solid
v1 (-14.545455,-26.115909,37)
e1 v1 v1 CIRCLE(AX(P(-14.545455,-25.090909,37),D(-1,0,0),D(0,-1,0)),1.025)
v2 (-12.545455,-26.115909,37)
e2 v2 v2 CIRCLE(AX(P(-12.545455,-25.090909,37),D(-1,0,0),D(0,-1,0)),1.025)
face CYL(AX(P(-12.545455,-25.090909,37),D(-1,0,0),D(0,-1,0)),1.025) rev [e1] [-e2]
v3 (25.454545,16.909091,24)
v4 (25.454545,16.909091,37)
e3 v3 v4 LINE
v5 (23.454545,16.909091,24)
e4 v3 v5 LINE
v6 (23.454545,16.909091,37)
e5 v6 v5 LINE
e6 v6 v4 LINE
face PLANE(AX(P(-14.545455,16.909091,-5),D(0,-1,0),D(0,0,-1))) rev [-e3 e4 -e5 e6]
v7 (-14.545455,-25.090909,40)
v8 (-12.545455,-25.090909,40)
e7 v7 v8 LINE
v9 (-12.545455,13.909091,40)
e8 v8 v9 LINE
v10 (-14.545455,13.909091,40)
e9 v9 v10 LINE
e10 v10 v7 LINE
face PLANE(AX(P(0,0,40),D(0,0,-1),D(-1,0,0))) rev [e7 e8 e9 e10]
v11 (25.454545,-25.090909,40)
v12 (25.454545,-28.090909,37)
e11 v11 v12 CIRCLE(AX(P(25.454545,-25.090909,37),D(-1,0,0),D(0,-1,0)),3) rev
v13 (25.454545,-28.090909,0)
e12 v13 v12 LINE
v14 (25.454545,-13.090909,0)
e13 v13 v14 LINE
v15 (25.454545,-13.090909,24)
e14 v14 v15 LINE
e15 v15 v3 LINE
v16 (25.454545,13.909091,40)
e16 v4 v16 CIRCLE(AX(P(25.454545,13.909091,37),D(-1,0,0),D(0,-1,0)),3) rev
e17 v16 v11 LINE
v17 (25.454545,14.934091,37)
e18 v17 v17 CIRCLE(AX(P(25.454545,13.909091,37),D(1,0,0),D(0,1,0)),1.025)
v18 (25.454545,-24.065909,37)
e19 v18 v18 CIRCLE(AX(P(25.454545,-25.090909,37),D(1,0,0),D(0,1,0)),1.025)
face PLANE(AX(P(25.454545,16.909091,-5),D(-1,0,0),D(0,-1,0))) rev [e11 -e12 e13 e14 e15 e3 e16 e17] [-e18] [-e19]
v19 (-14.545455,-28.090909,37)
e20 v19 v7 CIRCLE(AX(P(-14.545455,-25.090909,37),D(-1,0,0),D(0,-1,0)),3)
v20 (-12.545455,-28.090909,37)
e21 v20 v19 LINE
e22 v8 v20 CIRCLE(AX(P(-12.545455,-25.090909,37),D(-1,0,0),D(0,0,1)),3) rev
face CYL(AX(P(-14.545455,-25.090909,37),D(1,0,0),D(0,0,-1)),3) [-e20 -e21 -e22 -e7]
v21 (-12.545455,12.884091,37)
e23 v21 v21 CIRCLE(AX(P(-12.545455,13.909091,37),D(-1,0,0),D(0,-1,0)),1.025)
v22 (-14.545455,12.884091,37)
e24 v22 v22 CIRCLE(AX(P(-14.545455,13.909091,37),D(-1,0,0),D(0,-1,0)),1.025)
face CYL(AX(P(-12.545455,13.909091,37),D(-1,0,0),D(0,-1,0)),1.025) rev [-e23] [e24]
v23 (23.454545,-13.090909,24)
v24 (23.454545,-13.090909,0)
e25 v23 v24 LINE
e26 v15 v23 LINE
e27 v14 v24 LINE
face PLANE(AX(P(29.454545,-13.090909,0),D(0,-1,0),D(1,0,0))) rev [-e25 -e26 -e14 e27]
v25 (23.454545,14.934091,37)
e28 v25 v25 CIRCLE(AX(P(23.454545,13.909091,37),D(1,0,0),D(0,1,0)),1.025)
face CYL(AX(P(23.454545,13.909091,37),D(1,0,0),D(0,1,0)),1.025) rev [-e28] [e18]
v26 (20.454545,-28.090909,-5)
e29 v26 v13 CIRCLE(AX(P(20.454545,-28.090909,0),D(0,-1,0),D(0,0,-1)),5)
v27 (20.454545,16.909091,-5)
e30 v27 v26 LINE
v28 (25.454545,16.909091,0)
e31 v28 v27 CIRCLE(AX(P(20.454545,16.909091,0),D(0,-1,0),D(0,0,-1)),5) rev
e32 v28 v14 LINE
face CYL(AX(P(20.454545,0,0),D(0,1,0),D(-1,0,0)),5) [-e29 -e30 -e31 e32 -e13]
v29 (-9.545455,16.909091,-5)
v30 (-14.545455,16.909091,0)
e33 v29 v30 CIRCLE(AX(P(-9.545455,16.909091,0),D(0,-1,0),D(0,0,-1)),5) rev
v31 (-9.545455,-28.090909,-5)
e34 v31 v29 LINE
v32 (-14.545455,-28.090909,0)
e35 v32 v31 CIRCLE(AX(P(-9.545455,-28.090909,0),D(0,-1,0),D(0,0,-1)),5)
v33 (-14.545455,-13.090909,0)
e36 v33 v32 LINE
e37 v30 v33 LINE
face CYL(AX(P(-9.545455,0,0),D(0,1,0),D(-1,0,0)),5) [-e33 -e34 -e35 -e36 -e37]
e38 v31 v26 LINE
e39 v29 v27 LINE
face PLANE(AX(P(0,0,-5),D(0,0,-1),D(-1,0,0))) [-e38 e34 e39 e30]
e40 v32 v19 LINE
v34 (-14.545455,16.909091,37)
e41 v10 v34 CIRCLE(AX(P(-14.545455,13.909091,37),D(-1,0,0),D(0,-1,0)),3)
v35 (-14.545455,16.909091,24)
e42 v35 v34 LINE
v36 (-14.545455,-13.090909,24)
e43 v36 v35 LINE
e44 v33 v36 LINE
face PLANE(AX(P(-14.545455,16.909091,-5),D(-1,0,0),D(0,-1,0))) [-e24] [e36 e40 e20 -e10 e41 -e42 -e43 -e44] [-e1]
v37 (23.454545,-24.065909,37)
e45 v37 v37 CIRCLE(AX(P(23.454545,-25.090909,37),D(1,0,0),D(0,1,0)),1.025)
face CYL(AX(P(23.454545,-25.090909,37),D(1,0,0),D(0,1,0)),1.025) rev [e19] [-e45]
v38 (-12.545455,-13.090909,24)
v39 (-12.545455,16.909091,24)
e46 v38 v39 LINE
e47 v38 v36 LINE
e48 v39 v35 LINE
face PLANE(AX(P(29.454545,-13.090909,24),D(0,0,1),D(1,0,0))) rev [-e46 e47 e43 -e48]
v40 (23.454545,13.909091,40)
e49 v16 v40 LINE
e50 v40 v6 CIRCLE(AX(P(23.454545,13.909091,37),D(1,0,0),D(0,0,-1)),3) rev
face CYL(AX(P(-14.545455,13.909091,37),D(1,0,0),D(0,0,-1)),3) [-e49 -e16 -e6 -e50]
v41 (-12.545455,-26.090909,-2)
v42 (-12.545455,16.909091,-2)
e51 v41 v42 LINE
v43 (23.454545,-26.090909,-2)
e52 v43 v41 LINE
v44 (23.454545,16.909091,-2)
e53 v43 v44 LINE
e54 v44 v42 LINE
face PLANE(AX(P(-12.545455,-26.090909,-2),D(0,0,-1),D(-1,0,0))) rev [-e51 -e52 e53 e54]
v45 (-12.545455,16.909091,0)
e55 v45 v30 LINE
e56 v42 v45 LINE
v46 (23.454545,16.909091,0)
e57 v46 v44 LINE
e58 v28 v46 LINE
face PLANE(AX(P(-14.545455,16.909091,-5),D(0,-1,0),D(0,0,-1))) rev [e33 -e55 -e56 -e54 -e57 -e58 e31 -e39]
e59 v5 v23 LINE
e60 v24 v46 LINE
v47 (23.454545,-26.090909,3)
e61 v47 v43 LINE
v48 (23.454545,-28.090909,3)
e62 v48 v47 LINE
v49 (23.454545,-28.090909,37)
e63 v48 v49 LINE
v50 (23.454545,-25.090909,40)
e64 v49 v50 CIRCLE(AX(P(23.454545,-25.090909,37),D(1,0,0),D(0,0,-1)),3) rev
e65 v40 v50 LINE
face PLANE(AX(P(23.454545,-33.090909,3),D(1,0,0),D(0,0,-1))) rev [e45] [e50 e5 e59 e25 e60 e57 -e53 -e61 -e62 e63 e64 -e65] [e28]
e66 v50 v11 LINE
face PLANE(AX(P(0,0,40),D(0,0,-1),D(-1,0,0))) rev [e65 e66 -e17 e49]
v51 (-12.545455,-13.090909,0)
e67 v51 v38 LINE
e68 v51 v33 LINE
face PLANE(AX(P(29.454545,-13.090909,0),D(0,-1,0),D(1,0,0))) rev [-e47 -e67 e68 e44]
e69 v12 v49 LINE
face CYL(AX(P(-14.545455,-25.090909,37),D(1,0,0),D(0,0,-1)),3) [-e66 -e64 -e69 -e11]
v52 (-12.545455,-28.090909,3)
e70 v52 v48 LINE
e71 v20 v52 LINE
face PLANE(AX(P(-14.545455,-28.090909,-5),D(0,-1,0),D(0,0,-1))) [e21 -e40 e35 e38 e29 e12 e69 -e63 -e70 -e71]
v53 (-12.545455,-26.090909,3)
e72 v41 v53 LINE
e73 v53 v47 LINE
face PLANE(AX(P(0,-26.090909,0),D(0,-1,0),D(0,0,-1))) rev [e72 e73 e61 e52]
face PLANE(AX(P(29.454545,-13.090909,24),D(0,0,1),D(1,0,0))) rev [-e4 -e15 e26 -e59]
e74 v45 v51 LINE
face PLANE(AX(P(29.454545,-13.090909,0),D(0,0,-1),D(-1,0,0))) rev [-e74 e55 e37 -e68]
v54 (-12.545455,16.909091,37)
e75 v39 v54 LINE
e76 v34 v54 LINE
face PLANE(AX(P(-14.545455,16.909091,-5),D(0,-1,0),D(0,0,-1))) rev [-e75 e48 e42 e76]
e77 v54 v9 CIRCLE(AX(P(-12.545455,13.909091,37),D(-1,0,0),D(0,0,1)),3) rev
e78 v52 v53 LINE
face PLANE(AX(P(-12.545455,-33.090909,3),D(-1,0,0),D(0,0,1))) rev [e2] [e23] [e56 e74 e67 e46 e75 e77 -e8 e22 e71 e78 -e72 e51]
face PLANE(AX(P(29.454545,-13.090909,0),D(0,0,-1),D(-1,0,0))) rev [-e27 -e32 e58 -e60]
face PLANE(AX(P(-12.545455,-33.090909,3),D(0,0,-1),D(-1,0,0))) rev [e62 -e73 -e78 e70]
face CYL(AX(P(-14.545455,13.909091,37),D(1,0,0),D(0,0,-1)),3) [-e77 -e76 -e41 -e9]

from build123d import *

# Parameters (mm, degrees)
SKETCH_1_W           = 40
SKETCH_1_H           = 45
EXTRUDE_1_DEPTH      = 40
EXTRUDE_1_DEPTH_BACK = 5
SKETCH_2_W           = 36
SKETCH_2_H           = 37
CUT_EXTRUDE_1_DEPTH  = 50
SKETCH_3_R           = 1.025
CUT_EXTRUDE_2_DEPTH  = 2
SKETCH_4_R           = 1.025
CUT_EXTRUDE_3_DEPTH  = 2
SKETCH_5_W           = 36
SKETCH_5_H           = 5
CUT_EXTRUDE_4_DEPTH  = 43
FILLET_6_R           = 5
FILLET_7_R           = 5
FILLET_12_R          = 3
FILLET_13_R          = 3
FILLET_14_R          = 3
FILLET_15_R          = 3
SKETCH_6_W           = 24
SKETCH_6_H           = 30
CUT_EXTRUDE_5_DEPTH  = 44


with BuildPart() as part:
    # 草圖1 → 填料-伸長1 (new body, two sides)
    with BuildSketch(Plane.XY) as extrude_1_sk:
        with Locations((5.454545455, -5.590909091)):
            Rectangle(SKETCH_1_W, SKETCH_1_H)
    extrude(amount=EXTRUDE_1_DEPTH)
    extrude(extrude_1_sk.sketch, amount=-EXTRUDE_1_DEPTH_BACK)

    # 草圖2 → 除料-伸長1 (cut)
    with BuildSketch(Plane(origin=(0, 16.909090909, 0), x_dir=(1, 0, 0), z_dir=(0, 1, 0))):
        with Locations((5.454545455, -21.5)):
            Rectangle(SKETCH_2_W, SKETCH_2_H)
    extrude(amount=-CUT_EXTRUDE_1_DEPTH, mode=Mode.SUBTRACT)

    # 草圖3 → 除料-伸長2 (cut)
    with BuildSketch(Plane.ZY.offset(14.545454545)):
        with Locations((37, -25.090909091)):
            Circle(SKETCH_3_R)
        with Locations((37, 13.909090909)):
            Circle(SKETCH_3_R)
    extrude(amount=-CUT_EXTRUDE_2_DEPTH, mode=Mode.SUBTRACT)

    # 草圖4 → 除料-伸長3 (cut)
    with BuildSketch(Plane(origin=(25.454545455, 0, 0), x_dir=(0, 0, -1), z_dir=(1, 0, 0))):
        with Locations((-37, 13.909090909)):
            Circle(SKETCH_4_R)
        with Locations((-37, -25.090909091)):
            Circle(SKETCH_4_R)
    extrude(amount=-CUT_EXTRUDE_3_DEPTH, mode=Mode.SUBTRACT)

    # 草圖5 → 除料-伸長4 (cut)
    with BuildSketch(Plane(origin=(0, 16.909090909, 0), x_dir=(1, 0, 0), z_dir=(0, 1, 0))):
        with Locations((5.454545455, -0.5)):
            Rectangle(SKETCH_5_W, SKETCH_5_H)
    extrude(amount=-CUT_EXTRUDE_4_DEPTH, mode=Mode.SUBTRACT)

    # 圓角6
    fillet_6_edges = [part.edges().sort_by_distance(p)[0] for p in [
        (-14.545454545, -5.590909091, -5),
    ]]
    fillet(fillet_6_edges, radius=FILLET_6_R)

    # 圓角7
    fillet_7_edges = [part.edges().sort_by_distance(p)[0] for p in [
        (25.454545455, -5.590909091, -5),
    ]]
    fillet(fillet_7_edges, radius=FILLET_7_R)

    # 圓角12
    fillet_12_edges = [part.edges().sort_by_distance(p)[0] for p in [
        (-13.545454545, -28.090909091, 40),
    ]]
    fillet(fillet_12_edges, radius=FILLET_12_R)

    # 圓角13
    fillet_13_edges = [part.edges().sort_by_distance(p)[0] for p in [
        (24.454545455, -28.090909091, 40),
    ]]
    fillet(fillet_13_edges, radius=FILLET_13_R)

    # 圓角14
    fillet_14_edges = [part.edges().sort_by_distance(p)[0] for p in [
        (-13.545454545, 16.909090909, 40),
    ]]
    fillet(fillet_14_edges, radius=FILLET_14_R)

    # 圓角15
    fillet_15_edges = [part.edges().sort_by_distance(p)[0] for p in [
        (24.454545455, 16.909090909, 40),
    ]]
    fillet(fillet_15_edges, radius=FILLET_15_R)

    # 草圖6 → 除料-伸長5 (cut)
    with BuildSketch(Plane.ZY.offset(14.545454545)):
        with Locations((12, 1.909090909)):
            Rectangle(SKETCH_6_W, SKETCH_6_H)
    extrude(amount=-CUT_EXTRUDE_5_DEPTH, mode=Mode.SUBTRACT)


solid = part.part
